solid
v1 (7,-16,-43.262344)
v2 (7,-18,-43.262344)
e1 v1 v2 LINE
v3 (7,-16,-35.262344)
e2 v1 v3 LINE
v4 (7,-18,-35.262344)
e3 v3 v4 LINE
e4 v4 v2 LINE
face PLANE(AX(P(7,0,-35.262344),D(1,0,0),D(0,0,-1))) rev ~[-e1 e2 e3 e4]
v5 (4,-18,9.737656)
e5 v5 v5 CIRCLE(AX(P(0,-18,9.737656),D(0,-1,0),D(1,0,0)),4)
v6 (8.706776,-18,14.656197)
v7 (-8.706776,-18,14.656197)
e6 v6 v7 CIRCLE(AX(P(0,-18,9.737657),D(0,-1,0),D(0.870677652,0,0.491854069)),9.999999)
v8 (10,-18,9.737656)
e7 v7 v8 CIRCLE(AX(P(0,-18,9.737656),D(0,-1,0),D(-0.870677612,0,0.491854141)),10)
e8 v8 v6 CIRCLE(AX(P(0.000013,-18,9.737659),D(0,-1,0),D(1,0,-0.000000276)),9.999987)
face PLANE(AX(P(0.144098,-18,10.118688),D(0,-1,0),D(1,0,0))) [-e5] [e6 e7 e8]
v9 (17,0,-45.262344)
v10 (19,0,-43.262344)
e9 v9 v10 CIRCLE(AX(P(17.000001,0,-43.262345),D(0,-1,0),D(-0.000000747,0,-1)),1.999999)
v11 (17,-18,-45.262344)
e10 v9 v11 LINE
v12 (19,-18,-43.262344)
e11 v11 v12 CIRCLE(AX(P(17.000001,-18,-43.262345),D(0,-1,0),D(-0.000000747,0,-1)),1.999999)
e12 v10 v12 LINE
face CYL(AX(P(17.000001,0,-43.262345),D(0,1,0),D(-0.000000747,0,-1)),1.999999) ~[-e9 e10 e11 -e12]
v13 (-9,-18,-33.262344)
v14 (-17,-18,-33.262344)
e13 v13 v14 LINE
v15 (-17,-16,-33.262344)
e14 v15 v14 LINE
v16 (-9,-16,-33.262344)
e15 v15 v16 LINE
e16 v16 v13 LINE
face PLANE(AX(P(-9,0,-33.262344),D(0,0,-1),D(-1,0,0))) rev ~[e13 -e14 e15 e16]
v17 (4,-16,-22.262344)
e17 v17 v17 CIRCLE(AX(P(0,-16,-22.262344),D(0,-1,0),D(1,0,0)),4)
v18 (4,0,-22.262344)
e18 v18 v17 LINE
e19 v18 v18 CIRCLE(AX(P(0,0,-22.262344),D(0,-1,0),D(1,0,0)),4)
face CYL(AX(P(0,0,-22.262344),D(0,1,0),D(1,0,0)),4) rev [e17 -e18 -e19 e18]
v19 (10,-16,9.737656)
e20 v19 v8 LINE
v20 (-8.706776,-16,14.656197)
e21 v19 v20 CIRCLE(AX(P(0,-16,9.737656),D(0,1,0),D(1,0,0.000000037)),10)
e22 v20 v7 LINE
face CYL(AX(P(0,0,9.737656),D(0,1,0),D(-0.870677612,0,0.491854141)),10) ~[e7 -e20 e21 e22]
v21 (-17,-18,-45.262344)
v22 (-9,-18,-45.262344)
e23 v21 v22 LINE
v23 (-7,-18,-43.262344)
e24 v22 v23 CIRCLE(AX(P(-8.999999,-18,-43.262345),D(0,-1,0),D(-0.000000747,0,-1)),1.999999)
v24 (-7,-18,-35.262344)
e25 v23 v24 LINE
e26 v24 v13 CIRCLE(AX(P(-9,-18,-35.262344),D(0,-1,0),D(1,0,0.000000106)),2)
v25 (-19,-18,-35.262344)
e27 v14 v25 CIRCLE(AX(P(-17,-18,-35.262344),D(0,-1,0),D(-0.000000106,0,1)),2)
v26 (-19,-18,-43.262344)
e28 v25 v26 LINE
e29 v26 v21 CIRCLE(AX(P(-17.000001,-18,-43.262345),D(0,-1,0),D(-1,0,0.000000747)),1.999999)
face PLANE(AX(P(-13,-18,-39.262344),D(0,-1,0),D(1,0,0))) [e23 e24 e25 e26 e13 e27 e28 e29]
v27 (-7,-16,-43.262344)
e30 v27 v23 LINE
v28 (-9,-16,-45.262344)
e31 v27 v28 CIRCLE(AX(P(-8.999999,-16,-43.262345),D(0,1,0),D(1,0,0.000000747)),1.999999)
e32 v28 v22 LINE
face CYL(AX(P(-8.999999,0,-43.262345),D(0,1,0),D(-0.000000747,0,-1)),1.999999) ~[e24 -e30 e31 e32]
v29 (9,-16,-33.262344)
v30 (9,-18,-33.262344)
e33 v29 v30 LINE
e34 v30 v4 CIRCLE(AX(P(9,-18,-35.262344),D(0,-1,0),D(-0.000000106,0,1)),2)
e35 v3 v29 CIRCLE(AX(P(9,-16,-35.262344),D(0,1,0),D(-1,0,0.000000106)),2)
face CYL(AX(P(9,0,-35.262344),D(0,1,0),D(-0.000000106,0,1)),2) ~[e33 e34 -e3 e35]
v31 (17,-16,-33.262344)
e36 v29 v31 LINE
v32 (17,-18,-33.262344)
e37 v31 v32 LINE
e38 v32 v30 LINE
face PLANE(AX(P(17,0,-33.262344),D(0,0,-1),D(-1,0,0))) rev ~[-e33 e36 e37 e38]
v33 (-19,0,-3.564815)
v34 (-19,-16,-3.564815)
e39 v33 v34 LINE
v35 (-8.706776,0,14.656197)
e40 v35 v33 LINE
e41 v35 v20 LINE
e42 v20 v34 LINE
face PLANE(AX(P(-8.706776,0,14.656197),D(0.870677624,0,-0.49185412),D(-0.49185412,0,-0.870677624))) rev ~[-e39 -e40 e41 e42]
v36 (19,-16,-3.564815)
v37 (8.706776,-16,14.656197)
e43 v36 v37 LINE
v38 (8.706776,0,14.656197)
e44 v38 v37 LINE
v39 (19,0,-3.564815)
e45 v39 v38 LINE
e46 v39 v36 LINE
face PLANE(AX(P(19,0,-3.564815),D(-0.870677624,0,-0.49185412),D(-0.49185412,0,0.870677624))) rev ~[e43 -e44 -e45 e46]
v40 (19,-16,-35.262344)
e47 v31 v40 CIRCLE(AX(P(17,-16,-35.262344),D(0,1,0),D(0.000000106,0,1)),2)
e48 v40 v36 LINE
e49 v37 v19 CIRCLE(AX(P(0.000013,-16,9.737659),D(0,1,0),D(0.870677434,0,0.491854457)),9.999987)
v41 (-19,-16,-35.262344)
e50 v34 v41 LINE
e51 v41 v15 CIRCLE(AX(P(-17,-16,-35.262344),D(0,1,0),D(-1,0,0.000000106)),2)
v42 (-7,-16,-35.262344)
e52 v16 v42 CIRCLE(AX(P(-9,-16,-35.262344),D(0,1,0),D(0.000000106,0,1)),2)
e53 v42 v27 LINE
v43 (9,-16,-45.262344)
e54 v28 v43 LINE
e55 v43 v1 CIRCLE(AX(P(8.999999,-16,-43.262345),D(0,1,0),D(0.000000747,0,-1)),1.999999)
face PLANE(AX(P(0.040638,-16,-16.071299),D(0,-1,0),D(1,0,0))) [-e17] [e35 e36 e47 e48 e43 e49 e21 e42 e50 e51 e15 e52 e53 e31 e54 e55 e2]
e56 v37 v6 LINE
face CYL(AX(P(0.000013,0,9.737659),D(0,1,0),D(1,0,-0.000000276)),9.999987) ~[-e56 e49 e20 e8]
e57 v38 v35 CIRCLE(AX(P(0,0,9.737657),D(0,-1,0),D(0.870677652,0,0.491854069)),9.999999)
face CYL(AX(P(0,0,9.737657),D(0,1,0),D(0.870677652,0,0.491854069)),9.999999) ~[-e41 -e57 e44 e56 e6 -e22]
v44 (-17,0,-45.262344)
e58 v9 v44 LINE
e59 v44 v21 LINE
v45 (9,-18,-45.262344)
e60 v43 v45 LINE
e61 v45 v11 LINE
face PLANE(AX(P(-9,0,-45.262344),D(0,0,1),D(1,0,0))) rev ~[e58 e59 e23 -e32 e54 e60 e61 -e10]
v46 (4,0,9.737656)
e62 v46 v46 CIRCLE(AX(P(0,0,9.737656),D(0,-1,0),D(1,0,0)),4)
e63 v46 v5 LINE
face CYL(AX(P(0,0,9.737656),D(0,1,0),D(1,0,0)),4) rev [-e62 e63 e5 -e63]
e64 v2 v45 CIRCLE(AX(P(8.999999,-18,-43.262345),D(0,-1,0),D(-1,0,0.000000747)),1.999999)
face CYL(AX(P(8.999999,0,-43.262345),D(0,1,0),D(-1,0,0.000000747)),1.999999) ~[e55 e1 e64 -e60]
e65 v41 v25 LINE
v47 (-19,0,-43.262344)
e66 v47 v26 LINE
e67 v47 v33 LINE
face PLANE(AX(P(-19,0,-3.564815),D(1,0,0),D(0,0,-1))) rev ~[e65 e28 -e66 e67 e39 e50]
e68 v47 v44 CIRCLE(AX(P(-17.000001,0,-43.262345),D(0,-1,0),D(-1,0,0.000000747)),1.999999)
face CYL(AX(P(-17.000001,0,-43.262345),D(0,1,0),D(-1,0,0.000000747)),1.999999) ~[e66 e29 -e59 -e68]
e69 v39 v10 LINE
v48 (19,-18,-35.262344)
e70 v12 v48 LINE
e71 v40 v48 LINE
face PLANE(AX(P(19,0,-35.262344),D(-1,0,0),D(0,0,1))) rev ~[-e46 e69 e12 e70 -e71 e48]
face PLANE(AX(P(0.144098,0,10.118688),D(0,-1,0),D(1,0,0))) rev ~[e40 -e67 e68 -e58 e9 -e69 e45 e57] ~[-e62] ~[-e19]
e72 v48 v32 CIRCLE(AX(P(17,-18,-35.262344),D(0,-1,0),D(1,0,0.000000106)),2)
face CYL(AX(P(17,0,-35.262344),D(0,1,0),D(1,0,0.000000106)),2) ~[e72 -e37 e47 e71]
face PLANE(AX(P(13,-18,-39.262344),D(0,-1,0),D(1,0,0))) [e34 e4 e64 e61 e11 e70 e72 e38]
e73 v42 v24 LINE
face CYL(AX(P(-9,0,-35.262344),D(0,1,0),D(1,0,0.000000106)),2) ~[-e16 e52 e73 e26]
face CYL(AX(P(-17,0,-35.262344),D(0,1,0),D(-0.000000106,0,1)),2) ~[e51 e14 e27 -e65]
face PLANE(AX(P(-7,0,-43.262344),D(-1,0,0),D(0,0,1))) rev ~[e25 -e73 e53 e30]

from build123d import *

# Parameters (mm, degrees)
F0_R     = 4
F1_DEPTH = 16
F2_DEPTH = 18


with BuildPart() as f1:
    # F0 (on Front) → F1 (new body)
    with BuildSketch(Plane.XZ):
        with BuildLine():
            ThreePointArc((-7, -43.262344), (-7.585786, -44.676558), (-9, -45.262344))
            Line((-9, -45.262344), (9, -45.262344))
            ThreePointArc((9, -45.262344), (7.585786, -44.676558), (7, -43.262344))
            Line((7, -43.262344), (7, -35.262344))
            ThreePointArc((7, -35.262344), (7.585786, -33.848131), (9, -33.262344))
            Line((9, -33.262344), (17, -33.262344))
            ThreePointArc((17, -33.262344), (18.414214, -33.848131), (19, -35.262344))
            Line((19, -35.262344), (19, -22.262344))
            Line((19, -22.262344), (19, -3.564815))
            Line((19, -3.564815), (8.706776, 14.656197))
            ThreePointArc((8.706776, 14.656197), (9.671292, 12.280512), (10, 9.737656))
            ThreePointArc((10, 9.737656), (-2.542856, 0.066364), (-8.706776, 14.656197))
            Line((-8.706776, 14.656197), (-19, -3.564815))
            Line((-19, -3.564815), (-19, -22.262344))
            Line((-19, -22.262344), (-19, -35.262344))
            ThreePointArc((-19, -35.262344), (-18.414214, -33.848131), (-17, -33.262344))
            Line((-17, -33.262344), (-9, -33.262344))
            ThreePointArc((-9, -33.262344), (-7.585786, -33.848131), (-7, -35.262344))
            Line((-7, -35.262344), (-7, -43.262344))
        make_face()
        with Locations((0, -22.262344)):
            Circle(F0_R, mode=Mode.SUBTRACT)
    extrude(amount=F1_DEPTH)

    # F0 (on Front) → F2 (join)
    with BuildSketch(Plane.XZ):
        with BuildLine():
            ThreePointArc((8.706776, 14.656197), (0, 19.737656), (-8.706776, 14.656197))
            ThreePointArc((-8.706776, 14.656197), (-2.542856, 0.066364), (10, 9.737656))
            ThreePointArc((10, 9.737656), (9.671292, 12.280512), (8.706776, 14.656197))
        make_face()
        with Locations((0, 9.737656)):
            Circle(F0_R, mode=Mode.SUBTRACT)
        with BuildLine():
            ThreePointArc((-19, -43.262344), (-18.414214, -44.676558), (-17, -45.262344))
            Line((-17, -45.262344), (-9, -45.262344))
            ThreePointArc((-9, -45.262344), (-7.585786, -44.676558), (-7, -43.262344))
            Line((-7, -43.262344), (-7, -35.262344))
            ThreePointArc((-7, -35.262344), (-7.585786, -33.848131), (-9, -33.262344))
            Line((-9, -33.262344), (-17, -33.262344))
            ThreePointArc((-17, -33.262344), (-18.414214, -33.848131), (-19, -35.262344))
            Line((-19, -35.262344), (-19, -43.262344))
        make_face()
        with BuildLine():
            ThreePointArc((7, -43.262344), (7.585786, -44.676558), (9, -45.262344))
            Line((9, -45.262344), (17, -45.262344))
            ThreePointArc((17, -45.262344), (18.414214, -44.676558), (19, -43.262344))
            Line((19, -43.262344), (19, -35.262344))
            ThreePointArc((19, -35.262344), (18.414214, -33.848131), (17, -33.262344))
            Line((17, -33.262344), (9, -33.262344))
            ThreePointArc((9, -33.262344), (7.585786, -33.848131), (7, -35.262344))
            Line((7, -35.262344), (7, -43.262344))
        make_face()
    extrude(amount=F2_DEPTH)


solid = f1.part
